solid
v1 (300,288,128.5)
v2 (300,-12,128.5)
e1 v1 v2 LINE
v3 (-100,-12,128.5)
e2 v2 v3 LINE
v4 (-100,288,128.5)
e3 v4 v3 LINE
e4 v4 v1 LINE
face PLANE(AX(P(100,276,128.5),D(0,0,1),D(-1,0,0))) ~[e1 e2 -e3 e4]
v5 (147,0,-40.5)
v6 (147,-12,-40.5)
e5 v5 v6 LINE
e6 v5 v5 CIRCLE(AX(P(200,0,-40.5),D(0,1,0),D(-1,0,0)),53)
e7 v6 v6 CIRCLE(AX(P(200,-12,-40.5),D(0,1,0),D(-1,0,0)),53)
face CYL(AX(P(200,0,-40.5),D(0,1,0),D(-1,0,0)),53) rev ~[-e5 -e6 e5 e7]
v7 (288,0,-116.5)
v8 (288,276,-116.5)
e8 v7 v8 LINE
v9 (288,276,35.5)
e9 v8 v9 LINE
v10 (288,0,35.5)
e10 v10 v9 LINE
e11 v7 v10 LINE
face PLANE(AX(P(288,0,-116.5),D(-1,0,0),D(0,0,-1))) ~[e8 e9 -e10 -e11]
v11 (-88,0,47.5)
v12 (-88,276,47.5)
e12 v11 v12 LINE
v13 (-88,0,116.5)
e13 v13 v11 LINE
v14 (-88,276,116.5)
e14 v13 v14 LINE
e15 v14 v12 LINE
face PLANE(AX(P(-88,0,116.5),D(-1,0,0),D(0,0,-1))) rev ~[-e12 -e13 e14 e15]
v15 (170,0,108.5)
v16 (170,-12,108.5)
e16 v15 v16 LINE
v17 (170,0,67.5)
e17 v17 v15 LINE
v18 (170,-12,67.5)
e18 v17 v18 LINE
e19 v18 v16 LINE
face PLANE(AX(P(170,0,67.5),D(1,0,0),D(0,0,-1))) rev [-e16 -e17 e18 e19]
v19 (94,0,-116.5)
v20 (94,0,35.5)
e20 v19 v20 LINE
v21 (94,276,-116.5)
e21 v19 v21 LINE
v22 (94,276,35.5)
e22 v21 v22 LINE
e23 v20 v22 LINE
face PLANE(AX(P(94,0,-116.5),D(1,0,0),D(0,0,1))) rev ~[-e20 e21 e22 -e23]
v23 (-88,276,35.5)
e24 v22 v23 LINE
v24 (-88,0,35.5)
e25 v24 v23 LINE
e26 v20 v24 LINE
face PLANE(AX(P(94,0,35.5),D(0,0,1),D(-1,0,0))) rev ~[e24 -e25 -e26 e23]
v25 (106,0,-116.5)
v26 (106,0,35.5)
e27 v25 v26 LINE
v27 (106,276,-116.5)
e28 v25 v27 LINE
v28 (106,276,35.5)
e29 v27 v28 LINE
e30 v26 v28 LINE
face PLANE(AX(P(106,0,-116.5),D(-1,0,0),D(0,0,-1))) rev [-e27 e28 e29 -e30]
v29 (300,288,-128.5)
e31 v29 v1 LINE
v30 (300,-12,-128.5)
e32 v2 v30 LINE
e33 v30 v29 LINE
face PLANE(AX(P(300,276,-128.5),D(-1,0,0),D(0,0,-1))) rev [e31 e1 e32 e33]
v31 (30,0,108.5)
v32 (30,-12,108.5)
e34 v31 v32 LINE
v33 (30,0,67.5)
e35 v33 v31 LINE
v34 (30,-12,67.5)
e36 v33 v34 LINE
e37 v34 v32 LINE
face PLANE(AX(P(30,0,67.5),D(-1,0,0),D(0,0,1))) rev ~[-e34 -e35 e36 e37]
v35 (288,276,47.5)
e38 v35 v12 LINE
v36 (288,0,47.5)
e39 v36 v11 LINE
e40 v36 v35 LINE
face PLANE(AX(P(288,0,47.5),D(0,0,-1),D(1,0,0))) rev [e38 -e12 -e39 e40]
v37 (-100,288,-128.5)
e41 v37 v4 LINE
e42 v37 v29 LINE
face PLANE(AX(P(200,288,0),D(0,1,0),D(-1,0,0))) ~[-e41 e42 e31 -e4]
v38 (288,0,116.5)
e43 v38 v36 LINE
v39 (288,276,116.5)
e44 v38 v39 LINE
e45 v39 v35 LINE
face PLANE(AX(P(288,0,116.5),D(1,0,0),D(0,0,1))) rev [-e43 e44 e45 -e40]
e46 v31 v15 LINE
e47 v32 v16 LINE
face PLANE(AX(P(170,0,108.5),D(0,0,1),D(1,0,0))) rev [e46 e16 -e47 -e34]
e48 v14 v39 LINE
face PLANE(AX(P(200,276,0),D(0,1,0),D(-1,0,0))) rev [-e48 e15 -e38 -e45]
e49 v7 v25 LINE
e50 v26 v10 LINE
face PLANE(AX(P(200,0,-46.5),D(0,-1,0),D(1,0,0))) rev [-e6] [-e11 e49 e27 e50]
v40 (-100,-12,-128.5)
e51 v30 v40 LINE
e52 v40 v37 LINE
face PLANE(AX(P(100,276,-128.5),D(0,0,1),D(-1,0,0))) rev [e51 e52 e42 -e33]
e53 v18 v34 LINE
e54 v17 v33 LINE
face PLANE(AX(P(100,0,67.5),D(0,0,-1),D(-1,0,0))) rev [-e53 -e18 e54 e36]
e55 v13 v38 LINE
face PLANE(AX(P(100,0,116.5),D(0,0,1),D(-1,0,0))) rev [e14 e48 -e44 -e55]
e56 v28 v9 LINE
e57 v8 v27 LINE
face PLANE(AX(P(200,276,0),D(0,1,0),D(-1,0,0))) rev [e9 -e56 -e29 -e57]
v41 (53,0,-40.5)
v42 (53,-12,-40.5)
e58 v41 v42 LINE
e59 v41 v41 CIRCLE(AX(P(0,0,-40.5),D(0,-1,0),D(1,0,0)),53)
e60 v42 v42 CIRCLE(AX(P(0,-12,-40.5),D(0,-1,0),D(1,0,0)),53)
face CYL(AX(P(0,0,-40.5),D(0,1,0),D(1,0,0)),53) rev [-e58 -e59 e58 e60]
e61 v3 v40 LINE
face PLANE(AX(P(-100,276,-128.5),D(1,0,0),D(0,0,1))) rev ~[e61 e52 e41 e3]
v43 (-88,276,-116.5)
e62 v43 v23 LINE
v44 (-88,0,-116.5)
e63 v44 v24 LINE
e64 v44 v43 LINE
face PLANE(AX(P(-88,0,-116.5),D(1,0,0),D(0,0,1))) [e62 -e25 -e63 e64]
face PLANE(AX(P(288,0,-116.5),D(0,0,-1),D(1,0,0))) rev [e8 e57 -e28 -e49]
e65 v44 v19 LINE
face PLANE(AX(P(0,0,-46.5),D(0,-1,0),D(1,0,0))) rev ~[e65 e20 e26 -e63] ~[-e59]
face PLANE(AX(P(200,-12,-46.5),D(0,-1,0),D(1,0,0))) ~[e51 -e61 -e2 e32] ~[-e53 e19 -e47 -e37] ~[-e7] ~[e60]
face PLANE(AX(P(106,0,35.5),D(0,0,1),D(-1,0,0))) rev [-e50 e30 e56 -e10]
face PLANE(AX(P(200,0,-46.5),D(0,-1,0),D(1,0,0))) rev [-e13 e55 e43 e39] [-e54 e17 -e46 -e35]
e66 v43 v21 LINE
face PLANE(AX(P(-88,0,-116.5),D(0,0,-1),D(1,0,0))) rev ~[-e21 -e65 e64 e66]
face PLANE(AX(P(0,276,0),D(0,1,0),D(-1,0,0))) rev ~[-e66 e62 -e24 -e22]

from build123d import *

# Parameters (mm, degrees)
F0_W     = 200
F0_H     = 164
F0_R     = 67
F0_H_2   = 12
F0_R_2   = 53
F1_DEPTH = 12
F2_W     = 12
F2_H     = 69
F2_H_2   = 12
F2_H_3   = 152
F2_W_2   = 6
F3_DEPTH = 276
F4_W     = 200
F4_H     = 257
F5_DEPTH = 12


with BuildPart() as f1:
    # F0 (on Front) → F1 (new body)
    with BuildSketch(Plane.XZ):
        with Locations((0, -46.5)):
            Rectangle(F0_W, F0_H)
        with Locations((0, -40.5)):
            Circle(F0_R, mode=Mode.SUBTRACT)
        Polygon((100, 128.5), (-100, 128.5), (-100, 47.5), (100, 47.5), (100, 67.5), (30, 67.5), (30, 108.5), (100, 108.5), align=None)
        with Locations((0, 41.5)):
            Rectangle(F0_W, F0_H_2)
        with Locations((0, -40.5)):
            Circle(F0_R)
        with Locations((0, -40.5)):
            Circle(F0_R_2, mode=Mode.SUBTRACT)
    extrude(amount=F1_DEPTH)

    # F2 (on face) → F3 (join)
    with BuildSketch(Plane(origin=(0, 0, 0), x_dir=(-1, 0, 0), z_dir=(0, 1, 0))):
        Polygon((100, 128.5), (-100, 128.5), (-100, 116.5), (88, 116.5), (100, 116.5), align=None)
        with Locations((94, 82)):
            Rectangle(F2_W, F2_H)
        with Locations((94, 41.5)):
            Rectangle(F2_W, F2_H_2)
        Polygon((88, 35.5), (88, 47.5), (-100, 47.5), (-100, 35.5), (-94, 35.5), align=None)
        with Locations((94, -40.5)):
            Rectangle(F2_W, F2_H_3)
        Polygon((100, -128.5), (100, -116.5), (88, -116.5), (-94, -116.5), (-100, -116.5), (-100, -128.5), align=None)
        with Locations((-97, -40.5)):
            Rectangle(F2_W_2, F2_H_3)
    extrude(amount=F3_DEPTH)

    # F4 (on face) → F5 (join)
    with BuildSketch(Plane(origin=(0, 276, 0), x_dir=(-1, 0, 0), z_dir=(0, 1, 0))):
        Rectangle(F4_W, F4_H)
    extrude(amount=F5_DEPTH)

    # F6: F1 across face


with BuildPart() as f1_1:
    add(f1.part)
    add(f1.part.mirror(Plane(origin=(100, 139.230769, -27.880342), x_dir=(0, 1, 0), z_dir=(1, 0, 0))))


solid = f1_1.part
